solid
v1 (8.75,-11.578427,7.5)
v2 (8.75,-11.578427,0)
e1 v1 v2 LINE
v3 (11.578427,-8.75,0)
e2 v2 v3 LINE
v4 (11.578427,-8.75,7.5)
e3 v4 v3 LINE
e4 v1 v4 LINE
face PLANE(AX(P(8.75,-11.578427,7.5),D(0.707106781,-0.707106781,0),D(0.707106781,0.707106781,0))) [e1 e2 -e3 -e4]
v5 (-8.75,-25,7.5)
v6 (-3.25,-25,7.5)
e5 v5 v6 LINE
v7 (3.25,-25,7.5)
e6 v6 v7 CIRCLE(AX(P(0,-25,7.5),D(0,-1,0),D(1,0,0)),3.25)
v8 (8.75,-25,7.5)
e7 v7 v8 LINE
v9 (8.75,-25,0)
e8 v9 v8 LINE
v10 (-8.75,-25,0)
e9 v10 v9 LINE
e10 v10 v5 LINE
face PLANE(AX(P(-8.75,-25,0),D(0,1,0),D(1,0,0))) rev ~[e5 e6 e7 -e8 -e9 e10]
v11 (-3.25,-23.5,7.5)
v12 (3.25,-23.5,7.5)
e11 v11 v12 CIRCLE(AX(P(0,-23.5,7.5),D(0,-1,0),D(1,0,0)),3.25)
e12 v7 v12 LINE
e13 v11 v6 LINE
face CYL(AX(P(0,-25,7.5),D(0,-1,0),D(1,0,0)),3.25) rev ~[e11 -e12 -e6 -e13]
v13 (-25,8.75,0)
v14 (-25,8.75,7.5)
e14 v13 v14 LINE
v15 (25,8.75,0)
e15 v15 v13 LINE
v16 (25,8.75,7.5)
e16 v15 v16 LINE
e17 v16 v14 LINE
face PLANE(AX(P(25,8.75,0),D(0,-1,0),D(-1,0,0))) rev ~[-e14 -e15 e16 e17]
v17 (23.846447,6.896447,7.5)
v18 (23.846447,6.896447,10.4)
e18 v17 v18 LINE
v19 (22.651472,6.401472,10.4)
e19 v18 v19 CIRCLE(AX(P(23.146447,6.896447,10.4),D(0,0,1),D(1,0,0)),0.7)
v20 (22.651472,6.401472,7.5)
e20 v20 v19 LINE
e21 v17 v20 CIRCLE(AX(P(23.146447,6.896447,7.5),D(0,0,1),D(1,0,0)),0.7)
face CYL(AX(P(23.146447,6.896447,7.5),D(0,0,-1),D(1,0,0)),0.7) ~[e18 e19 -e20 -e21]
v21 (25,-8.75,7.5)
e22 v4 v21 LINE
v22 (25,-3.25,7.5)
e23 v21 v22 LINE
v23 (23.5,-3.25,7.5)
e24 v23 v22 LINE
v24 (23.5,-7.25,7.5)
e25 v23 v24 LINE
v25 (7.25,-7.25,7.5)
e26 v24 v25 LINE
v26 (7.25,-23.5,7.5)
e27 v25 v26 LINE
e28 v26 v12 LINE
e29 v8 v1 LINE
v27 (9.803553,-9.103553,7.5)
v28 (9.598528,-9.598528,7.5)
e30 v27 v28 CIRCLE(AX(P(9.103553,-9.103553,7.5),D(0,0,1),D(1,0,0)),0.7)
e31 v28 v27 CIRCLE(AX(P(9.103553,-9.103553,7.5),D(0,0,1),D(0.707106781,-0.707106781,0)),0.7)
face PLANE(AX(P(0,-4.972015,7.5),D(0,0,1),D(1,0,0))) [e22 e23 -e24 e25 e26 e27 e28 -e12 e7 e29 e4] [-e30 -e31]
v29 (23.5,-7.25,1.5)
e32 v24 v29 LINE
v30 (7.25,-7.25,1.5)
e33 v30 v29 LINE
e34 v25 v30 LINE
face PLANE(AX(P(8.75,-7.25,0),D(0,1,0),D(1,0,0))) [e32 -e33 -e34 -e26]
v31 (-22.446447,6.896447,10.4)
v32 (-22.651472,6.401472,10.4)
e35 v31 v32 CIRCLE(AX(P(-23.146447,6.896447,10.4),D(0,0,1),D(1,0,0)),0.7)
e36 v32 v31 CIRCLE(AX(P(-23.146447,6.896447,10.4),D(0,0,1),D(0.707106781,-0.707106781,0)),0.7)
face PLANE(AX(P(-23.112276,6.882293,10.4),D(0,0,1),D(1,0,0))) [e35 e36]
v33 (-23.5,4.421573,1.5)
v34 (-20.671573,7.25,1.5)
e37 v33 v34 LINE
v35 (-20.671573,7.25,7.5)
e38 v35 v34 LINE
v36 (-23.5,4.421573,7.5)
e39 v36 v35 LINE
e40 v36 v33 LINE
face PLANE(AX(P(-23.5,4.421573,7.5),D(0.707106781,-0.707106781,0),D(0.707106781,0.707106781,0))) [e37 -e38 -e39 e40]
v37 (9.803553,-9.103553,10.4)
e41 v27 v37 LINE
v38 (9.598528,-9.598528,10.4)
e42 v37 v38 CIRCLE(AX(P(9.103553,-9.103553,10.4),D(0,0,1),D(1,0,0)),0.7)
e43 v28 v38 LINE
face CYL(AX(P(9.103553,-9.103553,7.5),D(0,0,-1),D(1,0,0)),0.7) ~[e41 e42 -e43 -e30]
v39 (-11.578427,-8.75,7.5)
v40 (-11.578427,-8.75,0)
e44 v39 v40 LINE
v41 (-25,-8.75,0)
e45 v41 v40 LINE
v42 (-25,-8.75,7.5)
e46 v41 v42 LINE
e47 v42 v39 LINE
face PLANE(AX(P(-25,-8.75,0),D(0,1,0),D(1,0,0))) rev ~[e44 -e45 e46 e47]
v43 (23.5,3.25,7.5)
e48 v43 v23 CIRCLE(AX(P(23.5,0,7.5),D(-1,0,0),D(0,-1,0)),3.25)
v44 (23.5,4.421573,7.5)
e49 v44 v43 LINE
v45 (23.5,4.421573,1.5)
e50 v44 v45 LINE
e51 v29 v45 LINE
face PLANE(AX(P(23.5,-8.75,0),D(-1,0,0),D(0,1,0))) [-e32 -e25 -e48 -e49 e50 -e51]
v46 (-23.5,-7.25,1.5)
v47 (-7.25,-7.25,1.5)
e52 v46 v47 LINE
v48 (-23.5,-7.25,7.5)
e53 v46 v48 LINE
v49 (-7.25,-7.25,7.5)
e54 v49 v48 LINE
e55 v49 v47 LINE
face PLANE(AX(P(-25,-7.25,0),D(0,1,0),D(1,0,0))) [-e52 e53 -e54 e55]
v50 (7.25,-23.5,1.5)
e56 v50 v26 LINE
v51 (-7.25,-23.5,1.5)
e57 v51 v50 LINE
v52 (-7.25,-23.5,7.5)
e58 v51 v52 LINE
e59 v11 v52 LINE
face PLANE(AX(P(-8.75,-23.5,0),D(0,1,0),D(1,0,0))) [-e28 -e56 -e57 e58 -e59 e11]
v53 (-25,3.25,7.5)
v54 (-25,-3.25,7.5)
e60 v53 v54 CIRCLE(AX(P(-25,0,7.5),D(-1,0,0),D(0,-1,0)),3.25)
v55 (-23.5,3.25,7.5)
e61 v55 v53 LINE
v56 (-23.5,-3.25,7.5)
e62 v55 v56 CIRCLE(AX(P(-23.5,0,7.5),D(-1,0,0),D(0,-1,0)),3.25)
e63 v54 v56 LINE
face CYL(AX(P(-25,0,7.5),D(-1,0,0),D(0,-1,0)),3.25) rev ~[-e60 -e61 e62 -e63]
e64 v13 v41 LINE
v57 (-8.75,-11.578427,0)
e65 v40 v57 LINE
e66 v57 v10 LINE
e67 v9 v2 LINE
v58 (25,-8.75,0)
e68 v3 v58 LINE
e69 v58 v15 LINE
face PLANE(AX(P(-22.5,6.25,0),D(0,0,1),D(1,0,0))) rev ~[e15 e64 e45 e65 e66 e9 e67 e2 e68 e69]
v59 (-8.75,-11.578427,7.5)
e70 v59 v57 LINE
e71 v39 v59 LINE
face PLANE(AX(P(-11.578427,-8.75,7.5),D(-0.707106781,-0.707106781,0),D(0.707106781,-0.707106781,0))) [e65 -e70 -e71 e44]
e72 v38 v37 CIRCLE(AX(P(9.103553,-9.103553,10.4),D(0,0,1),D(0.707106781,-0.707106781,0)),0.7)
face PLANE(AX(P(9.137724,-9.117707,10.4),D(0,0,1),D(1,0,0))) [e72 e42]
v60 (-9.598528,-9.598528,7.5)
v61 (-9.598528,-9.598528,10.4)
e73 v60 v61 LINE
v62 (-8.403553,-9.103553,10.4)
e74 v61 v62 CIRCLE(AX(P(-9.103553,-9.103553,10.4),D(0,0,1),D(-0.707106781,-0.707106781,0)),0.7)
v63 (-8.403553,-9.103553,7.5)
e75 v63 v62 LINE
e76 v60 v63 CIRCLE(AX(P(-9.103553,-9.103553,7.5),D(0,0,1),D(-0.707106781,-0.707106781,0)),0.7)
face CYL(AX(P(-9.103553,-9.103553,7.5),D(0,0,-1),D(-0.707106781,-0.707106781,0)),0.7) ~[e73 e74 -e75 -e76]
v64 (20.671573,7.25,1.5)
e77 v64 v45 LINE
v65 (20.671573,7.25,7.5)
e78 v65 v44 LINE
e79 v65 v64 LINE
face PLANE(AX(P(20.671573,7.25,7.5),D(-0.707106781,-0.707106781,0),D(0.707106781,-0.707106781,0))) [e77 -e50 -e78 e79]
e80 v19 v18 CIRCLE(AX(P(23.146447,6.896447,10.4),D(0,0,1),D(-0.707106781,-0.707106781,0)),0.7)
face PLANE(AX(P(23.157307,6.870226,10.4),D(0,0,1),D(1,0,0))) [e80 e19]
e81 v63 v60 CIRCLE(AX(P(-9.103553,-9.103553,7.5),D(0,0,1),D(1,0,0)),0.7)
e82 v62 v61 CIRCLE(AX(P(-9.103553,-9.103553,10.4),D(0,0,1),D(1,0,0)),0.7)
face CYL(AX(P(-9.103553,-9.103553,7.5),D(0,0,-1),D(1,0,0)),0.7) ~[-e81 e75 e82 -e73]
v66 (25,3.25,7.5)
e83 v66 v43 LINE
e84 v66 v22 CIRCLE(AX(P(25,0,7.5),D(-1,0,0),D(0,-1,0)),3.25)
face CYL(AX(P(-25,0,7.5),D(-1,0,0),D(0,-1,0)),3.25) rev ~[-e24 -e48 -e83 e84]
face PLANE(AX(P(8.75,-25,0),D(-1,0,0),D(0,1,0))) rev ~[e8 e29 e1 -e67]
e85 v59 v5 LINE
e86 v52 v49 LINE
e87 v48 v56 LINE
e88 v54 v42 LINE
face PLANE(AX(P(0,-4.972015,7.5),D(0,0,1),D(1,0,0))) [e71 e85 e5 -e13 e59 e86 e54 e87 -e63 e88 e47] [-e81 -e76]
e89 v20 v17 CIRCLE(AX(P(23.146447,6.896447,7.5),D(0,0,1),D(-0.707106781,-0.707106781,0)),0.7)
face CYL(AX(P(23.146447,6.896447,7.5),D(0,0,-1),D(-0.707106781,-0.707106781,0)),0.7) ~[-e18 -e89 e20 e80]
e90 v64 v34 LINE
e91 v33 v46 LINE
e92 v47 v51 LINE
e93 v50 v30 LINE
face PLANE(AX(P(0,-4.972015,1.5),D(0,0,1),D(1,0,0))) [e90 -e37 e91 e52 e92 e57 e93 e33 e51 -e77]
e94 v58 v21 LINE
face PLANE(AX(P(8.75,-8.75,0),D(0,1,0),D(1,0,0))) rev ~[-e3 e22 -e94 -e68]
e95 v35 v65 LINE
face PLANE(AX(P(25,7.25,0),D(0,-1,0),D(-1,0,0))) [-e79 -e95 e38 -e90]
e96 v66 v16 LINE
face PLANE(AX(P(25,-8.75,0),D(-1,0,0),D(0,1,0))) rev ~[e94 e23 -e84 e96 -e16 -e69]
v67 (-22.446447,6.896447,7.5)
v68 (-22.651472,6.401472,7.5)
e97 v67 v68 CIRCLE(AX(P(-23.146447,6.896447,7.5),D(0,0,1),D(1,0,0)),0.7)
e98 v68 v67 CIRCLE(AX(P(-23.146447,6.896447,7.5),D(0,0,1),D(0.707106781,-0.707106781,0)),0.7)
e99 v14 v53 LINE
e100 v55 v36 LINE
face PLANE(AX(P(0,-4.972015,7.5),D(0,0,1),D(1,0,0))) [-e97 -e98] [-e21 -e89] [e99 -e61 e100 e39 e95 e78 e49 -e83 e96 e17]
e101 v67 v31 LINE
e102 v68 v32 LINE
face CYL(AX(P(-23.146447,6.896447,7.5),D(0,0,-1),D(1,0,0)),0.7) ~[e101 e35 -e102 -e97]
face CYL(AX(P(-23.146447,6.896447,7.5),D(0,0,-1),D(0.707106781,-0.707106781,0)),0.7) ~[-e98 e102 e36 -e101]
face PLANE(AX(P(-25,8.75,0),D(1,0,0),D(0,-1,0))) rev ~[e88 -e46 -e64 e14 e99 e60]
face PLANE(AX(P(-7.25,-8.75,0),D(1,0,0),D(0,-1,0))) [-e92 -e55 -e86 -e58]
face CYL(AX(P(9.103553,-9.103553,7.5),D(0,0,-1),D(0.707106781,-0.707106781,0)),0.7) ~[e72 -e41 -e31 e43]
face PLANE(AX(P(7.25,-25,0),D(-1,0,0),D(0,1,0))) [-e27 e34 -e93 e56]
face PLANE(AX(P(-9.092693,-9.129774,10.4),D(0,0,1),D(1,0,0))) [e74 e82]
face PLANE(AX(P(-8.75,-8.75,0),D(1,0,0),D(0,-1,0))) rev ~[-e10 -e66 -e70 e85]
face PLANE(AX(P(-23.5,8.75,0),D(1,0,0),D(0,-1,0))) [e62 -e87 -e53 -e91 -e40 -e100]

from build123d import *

# Parameters (mm, degrees)
F1_DEPTH  = 7.5
F2_T      = -1.5
F4_DEPTH  = 7.5
F6_DEPTH  = 2.9
F7_R      = 3.25
F8_DEPTH  = 32.25
F9_R      = 3.25
F10_DEPTH = 50.001


with BuildPart() as f1:
    # F0 (on Top) → F1 (new body)
    with BuildSketch(Plane.XY):
        Polygon((25, -8.75), (25, 8.75), (8.75, 8.75), (-8.75, 8.75), (-25, 8.75), (-25, -8.75), (-8.75, -8.75), (-8.75, -25), (0, -25), (8.75, -25), (8.75, -8.75), align=None)
    extrude(amount=F1_DEPTH)

    # F2
    f2_openings = [f1.faces().sort_by_distance(p)[0] for p in [
        (0, -4.139151, 7.5),
    ]]
    offset(amount=F2_T, openings=f2_openings, kind=Kind.INTERSECTION)

    # F3 (on face) → F4 (join, through all)
    with BuildSketch(Plane.XY.offset(7.5)):
        Polygon((-23.5, 7.25), (-23.5, 4.4215728753), (-20.6715728753, 7.25), align=None)
        Polygon((-8.75, -8.75), (-11.5784271247, -8.75), (-8.75, -11.5784271247), align=None)
        Polygon((23.5, 7.25), (20.6715728753, 7.25), (23.5, 4.4215728753), align=None)
        Polygon((8.75, -11.5784271247), (11.5784271247, -8.75), (8.75, -8.75), align=None)
    extrude(amount=-F4_DEPTH)

    # F5 (on face) → F6 (join)
    with BuildSketch(Plane.XY.offset(7.5)):
        with BuildLine():
            ThreePointArc((-9.5985281374, -9.5985281374), (-8.8356749879, -9.7502690634), (-8.4035533906, -9.1035533906))
            ThreePointArc((-8.4035533906, -9.1035533906), (-9.3714317932, -8.4568377178), (-9.5985281374, -9.5985281374))
        make_face()
        with BuildLine():
            ThreePointArc((-22.6514718626, 6.4014718626), (-22.4997309366, 6.6285682068), (-22.4464466094, 6.8964466094))
            ThreePointArc((-22.4464466094, 6.8964466094), (-23.7931622822, 7.1643250121), (-22.6514718626, 6.4014718626))
        make_face()
        with BuildLine():
            ThreePointArc((9.5985281374, -9.5985281374), (9.7502690634, -9.3714317932), (9.8035533906, -9.1035533906))
            ThreePointArc((9.8035533906, -9.1035533906), (8.4568377178, -8.8356749879), (9.5985281374, -9.5985281374))
        make_face()
        with BuildLine():
            ThreePointArc((22.6514718626, 6.4014718626), (23.4143250121, 6.2497309366), (23.8464466094, 6.8964466094))
            ThreePointArc((23.8464466094, 6.8964466094), (22.8785682068, 7.5431622822), (22.6514718626, 6.4014718626))
        make_face()
    extrude(amount=F6_DEPTH)

    # F7 (on face) → F8 (cut, through all)
    with BuildSketch(Plane.XZ.offset(25)):
        with Locations((0, 7.5)):
            Circle(F7_R)
    extrude(amount=-F8_DEPTH, mode=Mode.SUBTRACT)

    # F9 (on face) → F10 (cut, through all)
    with BuildSketch(Plane(origin=(-25, 0, 0), x_dir=(0, -1, 0), z_dir=(-1, 0, 0))):
        with Locations((0, 7.5)):
            Circle(F9_R)
    extrude(amount=-F10_DEPTH, mode=Mode.SUBTRACT)


solid = f1.part
